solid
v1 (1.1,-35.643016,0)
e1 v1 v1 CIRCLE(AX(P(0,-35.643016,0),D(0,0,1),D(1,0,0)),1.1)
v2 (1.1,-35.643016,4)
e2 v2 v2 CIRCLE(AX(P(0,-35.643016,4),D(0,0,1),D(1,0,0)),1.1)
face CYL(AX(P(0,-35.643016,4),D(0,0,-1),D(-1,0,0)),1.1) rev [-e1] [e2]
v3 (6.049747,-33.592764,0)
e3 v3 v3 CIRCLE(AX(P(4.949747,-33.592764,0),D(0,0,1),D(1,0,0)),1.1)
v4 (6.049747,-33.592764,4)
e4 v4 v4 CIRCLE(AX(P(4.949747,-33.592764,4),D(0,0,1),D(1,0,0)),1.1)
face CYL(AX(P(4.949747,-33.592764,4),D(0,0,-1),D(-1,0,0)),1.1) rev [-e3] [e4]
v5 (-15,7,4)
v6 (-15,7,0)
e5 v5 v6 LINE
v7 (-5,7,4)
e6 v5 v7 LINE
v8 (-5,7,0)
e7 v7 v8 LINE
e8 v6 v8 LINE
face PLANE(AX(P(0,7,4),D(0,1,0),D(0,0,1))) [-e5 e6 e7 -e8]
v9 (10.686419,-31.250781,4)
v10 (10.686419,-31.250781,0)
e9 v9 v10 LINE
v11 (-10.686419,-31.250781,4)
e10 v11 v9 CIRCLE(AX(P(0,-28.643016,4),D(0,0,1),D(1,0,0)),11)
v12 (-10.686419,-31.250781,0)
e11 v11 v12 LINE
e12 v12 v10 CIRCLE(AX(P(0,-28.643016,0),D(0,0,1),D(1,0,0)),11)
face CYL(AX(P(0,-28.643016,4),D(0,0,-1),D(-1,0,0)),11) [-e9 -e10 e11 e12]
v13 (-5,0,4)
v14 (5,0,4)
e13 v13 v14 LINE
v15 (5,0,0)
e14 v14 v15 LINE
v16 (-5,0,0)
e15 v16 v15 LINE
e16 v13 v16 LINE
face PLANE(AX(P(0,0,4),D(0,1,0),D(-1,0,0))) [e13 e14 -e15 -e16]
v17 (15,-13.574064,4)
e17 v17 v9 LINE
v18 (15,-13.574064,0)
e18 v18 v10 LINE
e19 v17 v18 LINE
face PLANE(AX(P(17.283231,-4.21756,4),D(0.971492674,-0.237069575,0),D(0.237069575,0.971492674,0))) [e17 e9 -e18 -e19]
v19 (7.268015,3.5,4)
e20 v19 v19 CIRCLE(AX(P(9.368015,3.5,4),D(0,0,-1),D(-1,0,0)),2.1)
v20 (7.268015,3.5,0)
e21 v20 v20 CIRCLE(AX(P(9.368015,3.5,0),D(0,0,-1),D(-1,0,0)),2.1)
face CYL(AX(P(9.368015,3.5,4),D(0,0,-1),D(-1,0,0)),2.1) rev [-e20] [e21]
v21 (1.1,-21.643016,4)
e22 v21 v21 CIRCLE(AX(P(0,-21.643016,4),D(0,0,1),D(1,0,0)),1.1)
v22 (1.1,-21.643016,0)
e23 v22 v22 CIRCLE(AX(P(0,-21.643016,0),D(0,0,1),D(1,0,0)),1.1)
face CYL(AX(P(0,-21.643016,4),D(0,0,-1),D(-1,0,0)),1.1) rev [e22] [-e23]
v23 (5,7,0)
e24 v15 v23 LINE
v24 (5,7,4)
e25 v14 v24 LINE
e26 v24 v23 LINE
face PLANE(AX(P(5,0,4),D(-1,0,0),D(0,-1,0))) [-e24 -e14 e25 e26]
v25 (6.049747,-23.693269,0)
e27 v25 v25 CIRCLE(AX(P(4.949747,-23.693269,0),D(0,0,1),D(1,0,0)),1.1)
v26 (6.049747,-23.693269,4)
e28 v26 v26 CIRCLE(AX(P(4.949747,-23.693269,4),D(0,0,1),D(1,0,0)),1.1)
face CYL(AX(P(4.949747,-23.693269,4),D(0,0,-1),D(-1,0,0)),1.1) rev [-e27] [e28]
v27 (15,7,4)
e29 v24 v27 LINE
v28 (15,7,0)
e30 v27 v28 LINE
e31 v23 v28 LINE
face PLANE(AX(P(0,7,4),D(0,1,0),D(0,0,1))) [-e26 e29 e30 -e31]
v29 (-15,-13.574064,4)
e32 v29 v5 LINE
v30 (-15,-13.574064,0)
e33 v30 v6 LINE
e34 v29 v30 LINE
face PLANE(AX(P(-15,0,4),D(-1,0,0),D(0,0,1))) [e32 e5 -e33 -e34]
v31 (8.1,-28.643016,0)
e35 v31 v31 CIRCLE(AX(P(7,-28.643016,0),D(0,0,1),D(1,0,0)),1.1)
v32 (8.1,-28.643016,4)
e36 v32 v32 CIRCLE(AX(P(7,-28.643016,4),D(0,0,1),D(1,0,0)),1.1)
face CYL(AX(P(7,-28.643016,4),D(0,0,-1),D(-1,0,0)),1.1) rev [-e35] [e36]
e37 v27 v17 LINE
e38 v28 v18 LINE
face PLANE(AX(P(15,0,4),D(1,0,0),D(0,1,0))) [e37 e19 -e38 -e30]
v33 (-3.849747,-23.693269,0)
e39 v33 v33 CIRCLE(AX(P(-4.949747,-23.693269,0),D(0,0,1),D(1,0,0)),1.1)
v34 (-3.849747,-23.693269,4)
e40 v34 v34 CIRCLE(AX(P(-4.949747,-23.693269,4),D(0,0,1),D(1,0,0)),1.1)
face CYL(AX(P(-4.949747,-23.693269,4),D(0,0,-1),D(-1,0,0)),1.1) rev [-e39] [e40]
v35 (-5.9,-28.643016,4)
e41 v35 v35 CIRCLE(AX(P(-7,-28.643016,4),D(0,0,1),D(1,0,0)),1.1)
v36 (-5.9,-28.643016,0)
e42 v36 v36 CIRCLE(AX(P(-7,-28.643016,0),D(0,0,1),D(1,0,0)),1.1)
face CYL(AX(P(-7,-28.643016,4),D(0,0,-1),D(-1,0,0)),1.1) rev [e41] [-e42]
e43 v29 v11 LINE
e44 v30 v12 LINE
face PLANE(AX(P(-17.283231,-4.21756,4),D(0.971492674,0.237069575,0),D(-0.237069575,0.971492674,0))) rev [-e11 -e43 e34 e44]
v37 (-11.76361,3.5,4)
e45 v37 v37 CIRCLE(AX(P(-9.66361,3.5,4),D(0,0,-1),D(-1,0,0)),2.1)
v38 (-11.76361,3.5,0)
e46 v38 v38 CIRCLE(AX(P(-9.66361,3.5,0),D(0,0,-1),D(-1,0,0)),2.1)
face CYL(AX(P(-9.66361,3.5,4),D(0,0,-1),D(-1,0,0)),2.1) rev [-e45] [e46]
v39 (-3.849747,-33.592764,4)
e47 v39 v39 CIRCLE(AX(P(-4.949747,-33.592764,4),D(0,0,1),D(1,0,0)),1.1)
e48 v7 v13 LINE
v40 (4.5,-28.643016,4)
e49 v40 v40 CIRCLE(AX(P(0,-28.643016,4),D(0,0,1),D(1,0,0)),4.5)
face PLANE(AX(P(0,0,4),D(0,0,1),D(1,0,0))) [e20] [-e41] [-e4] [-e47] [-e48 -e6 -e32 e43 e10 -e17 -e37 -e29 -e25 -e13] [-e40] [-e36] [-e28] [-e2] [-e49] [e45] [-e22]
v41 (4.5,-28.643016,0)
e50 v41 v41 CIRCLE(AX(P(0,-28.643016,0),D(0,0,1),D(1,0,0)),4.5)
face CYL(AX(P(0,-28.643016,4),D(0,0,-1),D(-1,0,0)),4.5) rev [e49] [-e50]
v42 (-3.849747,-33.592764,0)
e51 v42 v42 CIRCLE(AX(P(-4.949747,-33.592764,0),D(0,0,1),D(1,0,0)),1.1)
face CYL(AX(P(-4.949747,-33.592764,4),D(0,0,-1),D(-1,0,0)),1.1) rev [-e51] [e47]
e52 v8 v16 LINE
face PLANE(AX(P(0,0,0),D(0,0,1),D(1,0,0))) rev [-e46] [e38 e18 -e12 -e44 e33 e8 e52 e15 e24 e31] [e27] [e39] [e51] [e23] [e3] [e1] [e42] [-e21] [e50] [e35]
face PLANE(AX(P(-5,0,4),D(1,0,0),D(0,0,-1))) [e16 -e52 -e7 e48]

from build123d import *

# Parameters (mm, degrees)
ESQUISSE1_R        = 4.5
ESQUISSE1_R_2      = 1.1
BOSS_EXTRU_1_DEPTH = 4
SKETCH1_R          = 2.1
CUT_EXTRUDE1_DEPTH = 43.574273021


with BuildPart() as part:
    # Esquisse1 → Boss.-Extru.1 (new body)
    with BuildSketch(Plane.XY):
        with BuildLine():
            Line((-15, 3), (-15, 7))
            Line((-15, 7), (-5, 7))
            Line((-5, 7), (-5, 0))
            Line((-5, 0), (5, 0))
            Line((5, 0), (5, 7))
            Line((5, 7), (15, 7))
            Line((15, 7), (15, 3))
            Line((15, 3), (15, -13.574063778))
            Line((15, -13.574063778), (10.686419419, -31.250781398))
            ThreePointArc((10.686419419, -31.250781398), (0, -39.643016072), (-10.686419419, -31.250781398))
            Line((-10.686419419, -31.250781398), (-15, -13.574063778))
            Line((-15, -13.574063778), (-15, 3))
        make_face()
        with Locations((0, -28.643016072)):
            Circle(ESQUISSE1_R, mode=Mode.SUBTRACT)
        with Locations((0, -21.643016072)):
            Circle(ESQUISSE1_R_2, mode=Mode.SUBTRACT)
        with Locations((4.949747468, -23.693268604)):
            Circle(ESQUISSE1_R_2, mode=Mode.SUBTRACT)
        with Locations((7, -28.643016072)):
            Circle(ESQUISSE1_R_2, mode=Mode.SUBTRACT)
        with Locations((4.949747468, -33.59276354)):
            Circle(ESQUISSE1_R_2, mode=Mode.SUBTRACT)
        with Locations((0, -35.643016072)):
            Circle(ESQUISSE1_R_2, mode=Mode.SUBTRACT)
        with Locations((-4.949747468, -33.59276354)):
            Circle(ESQUISSE1_R_2, mode=Mode.SUBTRACT)
        with Locations((-7, -28.643016072)):
            Circle(ESQUISSE1_R_2, mode=Mode.SUBTRACT)
        with Locations((-4.949747468, -23.693268604)):
            Circle(ESQUISSE1_R_2, mode=Mode.SUBTRACT)
    extrude(amount=BOSS_EXTRU_1_DEPTH)

    # Sketch1 → Cut-Extrude1 (cut, through all)
    with BuildSketch(Plane(origin=(0, 0, 0), x_dir=(-1, 0, 0), z_dir=(0, 0, -1))):
        with Locations((-9.368015407, 3.5)):
            Circle(SKETCH1_R)
        with Locations((9.663609861, 3.5)):
            Circle(SKETCH1_R)
    extrude(amount=-CUT_EXTRUDE1_DEPTH, mode=Mode.SUBTRACT)


solid = part.part
